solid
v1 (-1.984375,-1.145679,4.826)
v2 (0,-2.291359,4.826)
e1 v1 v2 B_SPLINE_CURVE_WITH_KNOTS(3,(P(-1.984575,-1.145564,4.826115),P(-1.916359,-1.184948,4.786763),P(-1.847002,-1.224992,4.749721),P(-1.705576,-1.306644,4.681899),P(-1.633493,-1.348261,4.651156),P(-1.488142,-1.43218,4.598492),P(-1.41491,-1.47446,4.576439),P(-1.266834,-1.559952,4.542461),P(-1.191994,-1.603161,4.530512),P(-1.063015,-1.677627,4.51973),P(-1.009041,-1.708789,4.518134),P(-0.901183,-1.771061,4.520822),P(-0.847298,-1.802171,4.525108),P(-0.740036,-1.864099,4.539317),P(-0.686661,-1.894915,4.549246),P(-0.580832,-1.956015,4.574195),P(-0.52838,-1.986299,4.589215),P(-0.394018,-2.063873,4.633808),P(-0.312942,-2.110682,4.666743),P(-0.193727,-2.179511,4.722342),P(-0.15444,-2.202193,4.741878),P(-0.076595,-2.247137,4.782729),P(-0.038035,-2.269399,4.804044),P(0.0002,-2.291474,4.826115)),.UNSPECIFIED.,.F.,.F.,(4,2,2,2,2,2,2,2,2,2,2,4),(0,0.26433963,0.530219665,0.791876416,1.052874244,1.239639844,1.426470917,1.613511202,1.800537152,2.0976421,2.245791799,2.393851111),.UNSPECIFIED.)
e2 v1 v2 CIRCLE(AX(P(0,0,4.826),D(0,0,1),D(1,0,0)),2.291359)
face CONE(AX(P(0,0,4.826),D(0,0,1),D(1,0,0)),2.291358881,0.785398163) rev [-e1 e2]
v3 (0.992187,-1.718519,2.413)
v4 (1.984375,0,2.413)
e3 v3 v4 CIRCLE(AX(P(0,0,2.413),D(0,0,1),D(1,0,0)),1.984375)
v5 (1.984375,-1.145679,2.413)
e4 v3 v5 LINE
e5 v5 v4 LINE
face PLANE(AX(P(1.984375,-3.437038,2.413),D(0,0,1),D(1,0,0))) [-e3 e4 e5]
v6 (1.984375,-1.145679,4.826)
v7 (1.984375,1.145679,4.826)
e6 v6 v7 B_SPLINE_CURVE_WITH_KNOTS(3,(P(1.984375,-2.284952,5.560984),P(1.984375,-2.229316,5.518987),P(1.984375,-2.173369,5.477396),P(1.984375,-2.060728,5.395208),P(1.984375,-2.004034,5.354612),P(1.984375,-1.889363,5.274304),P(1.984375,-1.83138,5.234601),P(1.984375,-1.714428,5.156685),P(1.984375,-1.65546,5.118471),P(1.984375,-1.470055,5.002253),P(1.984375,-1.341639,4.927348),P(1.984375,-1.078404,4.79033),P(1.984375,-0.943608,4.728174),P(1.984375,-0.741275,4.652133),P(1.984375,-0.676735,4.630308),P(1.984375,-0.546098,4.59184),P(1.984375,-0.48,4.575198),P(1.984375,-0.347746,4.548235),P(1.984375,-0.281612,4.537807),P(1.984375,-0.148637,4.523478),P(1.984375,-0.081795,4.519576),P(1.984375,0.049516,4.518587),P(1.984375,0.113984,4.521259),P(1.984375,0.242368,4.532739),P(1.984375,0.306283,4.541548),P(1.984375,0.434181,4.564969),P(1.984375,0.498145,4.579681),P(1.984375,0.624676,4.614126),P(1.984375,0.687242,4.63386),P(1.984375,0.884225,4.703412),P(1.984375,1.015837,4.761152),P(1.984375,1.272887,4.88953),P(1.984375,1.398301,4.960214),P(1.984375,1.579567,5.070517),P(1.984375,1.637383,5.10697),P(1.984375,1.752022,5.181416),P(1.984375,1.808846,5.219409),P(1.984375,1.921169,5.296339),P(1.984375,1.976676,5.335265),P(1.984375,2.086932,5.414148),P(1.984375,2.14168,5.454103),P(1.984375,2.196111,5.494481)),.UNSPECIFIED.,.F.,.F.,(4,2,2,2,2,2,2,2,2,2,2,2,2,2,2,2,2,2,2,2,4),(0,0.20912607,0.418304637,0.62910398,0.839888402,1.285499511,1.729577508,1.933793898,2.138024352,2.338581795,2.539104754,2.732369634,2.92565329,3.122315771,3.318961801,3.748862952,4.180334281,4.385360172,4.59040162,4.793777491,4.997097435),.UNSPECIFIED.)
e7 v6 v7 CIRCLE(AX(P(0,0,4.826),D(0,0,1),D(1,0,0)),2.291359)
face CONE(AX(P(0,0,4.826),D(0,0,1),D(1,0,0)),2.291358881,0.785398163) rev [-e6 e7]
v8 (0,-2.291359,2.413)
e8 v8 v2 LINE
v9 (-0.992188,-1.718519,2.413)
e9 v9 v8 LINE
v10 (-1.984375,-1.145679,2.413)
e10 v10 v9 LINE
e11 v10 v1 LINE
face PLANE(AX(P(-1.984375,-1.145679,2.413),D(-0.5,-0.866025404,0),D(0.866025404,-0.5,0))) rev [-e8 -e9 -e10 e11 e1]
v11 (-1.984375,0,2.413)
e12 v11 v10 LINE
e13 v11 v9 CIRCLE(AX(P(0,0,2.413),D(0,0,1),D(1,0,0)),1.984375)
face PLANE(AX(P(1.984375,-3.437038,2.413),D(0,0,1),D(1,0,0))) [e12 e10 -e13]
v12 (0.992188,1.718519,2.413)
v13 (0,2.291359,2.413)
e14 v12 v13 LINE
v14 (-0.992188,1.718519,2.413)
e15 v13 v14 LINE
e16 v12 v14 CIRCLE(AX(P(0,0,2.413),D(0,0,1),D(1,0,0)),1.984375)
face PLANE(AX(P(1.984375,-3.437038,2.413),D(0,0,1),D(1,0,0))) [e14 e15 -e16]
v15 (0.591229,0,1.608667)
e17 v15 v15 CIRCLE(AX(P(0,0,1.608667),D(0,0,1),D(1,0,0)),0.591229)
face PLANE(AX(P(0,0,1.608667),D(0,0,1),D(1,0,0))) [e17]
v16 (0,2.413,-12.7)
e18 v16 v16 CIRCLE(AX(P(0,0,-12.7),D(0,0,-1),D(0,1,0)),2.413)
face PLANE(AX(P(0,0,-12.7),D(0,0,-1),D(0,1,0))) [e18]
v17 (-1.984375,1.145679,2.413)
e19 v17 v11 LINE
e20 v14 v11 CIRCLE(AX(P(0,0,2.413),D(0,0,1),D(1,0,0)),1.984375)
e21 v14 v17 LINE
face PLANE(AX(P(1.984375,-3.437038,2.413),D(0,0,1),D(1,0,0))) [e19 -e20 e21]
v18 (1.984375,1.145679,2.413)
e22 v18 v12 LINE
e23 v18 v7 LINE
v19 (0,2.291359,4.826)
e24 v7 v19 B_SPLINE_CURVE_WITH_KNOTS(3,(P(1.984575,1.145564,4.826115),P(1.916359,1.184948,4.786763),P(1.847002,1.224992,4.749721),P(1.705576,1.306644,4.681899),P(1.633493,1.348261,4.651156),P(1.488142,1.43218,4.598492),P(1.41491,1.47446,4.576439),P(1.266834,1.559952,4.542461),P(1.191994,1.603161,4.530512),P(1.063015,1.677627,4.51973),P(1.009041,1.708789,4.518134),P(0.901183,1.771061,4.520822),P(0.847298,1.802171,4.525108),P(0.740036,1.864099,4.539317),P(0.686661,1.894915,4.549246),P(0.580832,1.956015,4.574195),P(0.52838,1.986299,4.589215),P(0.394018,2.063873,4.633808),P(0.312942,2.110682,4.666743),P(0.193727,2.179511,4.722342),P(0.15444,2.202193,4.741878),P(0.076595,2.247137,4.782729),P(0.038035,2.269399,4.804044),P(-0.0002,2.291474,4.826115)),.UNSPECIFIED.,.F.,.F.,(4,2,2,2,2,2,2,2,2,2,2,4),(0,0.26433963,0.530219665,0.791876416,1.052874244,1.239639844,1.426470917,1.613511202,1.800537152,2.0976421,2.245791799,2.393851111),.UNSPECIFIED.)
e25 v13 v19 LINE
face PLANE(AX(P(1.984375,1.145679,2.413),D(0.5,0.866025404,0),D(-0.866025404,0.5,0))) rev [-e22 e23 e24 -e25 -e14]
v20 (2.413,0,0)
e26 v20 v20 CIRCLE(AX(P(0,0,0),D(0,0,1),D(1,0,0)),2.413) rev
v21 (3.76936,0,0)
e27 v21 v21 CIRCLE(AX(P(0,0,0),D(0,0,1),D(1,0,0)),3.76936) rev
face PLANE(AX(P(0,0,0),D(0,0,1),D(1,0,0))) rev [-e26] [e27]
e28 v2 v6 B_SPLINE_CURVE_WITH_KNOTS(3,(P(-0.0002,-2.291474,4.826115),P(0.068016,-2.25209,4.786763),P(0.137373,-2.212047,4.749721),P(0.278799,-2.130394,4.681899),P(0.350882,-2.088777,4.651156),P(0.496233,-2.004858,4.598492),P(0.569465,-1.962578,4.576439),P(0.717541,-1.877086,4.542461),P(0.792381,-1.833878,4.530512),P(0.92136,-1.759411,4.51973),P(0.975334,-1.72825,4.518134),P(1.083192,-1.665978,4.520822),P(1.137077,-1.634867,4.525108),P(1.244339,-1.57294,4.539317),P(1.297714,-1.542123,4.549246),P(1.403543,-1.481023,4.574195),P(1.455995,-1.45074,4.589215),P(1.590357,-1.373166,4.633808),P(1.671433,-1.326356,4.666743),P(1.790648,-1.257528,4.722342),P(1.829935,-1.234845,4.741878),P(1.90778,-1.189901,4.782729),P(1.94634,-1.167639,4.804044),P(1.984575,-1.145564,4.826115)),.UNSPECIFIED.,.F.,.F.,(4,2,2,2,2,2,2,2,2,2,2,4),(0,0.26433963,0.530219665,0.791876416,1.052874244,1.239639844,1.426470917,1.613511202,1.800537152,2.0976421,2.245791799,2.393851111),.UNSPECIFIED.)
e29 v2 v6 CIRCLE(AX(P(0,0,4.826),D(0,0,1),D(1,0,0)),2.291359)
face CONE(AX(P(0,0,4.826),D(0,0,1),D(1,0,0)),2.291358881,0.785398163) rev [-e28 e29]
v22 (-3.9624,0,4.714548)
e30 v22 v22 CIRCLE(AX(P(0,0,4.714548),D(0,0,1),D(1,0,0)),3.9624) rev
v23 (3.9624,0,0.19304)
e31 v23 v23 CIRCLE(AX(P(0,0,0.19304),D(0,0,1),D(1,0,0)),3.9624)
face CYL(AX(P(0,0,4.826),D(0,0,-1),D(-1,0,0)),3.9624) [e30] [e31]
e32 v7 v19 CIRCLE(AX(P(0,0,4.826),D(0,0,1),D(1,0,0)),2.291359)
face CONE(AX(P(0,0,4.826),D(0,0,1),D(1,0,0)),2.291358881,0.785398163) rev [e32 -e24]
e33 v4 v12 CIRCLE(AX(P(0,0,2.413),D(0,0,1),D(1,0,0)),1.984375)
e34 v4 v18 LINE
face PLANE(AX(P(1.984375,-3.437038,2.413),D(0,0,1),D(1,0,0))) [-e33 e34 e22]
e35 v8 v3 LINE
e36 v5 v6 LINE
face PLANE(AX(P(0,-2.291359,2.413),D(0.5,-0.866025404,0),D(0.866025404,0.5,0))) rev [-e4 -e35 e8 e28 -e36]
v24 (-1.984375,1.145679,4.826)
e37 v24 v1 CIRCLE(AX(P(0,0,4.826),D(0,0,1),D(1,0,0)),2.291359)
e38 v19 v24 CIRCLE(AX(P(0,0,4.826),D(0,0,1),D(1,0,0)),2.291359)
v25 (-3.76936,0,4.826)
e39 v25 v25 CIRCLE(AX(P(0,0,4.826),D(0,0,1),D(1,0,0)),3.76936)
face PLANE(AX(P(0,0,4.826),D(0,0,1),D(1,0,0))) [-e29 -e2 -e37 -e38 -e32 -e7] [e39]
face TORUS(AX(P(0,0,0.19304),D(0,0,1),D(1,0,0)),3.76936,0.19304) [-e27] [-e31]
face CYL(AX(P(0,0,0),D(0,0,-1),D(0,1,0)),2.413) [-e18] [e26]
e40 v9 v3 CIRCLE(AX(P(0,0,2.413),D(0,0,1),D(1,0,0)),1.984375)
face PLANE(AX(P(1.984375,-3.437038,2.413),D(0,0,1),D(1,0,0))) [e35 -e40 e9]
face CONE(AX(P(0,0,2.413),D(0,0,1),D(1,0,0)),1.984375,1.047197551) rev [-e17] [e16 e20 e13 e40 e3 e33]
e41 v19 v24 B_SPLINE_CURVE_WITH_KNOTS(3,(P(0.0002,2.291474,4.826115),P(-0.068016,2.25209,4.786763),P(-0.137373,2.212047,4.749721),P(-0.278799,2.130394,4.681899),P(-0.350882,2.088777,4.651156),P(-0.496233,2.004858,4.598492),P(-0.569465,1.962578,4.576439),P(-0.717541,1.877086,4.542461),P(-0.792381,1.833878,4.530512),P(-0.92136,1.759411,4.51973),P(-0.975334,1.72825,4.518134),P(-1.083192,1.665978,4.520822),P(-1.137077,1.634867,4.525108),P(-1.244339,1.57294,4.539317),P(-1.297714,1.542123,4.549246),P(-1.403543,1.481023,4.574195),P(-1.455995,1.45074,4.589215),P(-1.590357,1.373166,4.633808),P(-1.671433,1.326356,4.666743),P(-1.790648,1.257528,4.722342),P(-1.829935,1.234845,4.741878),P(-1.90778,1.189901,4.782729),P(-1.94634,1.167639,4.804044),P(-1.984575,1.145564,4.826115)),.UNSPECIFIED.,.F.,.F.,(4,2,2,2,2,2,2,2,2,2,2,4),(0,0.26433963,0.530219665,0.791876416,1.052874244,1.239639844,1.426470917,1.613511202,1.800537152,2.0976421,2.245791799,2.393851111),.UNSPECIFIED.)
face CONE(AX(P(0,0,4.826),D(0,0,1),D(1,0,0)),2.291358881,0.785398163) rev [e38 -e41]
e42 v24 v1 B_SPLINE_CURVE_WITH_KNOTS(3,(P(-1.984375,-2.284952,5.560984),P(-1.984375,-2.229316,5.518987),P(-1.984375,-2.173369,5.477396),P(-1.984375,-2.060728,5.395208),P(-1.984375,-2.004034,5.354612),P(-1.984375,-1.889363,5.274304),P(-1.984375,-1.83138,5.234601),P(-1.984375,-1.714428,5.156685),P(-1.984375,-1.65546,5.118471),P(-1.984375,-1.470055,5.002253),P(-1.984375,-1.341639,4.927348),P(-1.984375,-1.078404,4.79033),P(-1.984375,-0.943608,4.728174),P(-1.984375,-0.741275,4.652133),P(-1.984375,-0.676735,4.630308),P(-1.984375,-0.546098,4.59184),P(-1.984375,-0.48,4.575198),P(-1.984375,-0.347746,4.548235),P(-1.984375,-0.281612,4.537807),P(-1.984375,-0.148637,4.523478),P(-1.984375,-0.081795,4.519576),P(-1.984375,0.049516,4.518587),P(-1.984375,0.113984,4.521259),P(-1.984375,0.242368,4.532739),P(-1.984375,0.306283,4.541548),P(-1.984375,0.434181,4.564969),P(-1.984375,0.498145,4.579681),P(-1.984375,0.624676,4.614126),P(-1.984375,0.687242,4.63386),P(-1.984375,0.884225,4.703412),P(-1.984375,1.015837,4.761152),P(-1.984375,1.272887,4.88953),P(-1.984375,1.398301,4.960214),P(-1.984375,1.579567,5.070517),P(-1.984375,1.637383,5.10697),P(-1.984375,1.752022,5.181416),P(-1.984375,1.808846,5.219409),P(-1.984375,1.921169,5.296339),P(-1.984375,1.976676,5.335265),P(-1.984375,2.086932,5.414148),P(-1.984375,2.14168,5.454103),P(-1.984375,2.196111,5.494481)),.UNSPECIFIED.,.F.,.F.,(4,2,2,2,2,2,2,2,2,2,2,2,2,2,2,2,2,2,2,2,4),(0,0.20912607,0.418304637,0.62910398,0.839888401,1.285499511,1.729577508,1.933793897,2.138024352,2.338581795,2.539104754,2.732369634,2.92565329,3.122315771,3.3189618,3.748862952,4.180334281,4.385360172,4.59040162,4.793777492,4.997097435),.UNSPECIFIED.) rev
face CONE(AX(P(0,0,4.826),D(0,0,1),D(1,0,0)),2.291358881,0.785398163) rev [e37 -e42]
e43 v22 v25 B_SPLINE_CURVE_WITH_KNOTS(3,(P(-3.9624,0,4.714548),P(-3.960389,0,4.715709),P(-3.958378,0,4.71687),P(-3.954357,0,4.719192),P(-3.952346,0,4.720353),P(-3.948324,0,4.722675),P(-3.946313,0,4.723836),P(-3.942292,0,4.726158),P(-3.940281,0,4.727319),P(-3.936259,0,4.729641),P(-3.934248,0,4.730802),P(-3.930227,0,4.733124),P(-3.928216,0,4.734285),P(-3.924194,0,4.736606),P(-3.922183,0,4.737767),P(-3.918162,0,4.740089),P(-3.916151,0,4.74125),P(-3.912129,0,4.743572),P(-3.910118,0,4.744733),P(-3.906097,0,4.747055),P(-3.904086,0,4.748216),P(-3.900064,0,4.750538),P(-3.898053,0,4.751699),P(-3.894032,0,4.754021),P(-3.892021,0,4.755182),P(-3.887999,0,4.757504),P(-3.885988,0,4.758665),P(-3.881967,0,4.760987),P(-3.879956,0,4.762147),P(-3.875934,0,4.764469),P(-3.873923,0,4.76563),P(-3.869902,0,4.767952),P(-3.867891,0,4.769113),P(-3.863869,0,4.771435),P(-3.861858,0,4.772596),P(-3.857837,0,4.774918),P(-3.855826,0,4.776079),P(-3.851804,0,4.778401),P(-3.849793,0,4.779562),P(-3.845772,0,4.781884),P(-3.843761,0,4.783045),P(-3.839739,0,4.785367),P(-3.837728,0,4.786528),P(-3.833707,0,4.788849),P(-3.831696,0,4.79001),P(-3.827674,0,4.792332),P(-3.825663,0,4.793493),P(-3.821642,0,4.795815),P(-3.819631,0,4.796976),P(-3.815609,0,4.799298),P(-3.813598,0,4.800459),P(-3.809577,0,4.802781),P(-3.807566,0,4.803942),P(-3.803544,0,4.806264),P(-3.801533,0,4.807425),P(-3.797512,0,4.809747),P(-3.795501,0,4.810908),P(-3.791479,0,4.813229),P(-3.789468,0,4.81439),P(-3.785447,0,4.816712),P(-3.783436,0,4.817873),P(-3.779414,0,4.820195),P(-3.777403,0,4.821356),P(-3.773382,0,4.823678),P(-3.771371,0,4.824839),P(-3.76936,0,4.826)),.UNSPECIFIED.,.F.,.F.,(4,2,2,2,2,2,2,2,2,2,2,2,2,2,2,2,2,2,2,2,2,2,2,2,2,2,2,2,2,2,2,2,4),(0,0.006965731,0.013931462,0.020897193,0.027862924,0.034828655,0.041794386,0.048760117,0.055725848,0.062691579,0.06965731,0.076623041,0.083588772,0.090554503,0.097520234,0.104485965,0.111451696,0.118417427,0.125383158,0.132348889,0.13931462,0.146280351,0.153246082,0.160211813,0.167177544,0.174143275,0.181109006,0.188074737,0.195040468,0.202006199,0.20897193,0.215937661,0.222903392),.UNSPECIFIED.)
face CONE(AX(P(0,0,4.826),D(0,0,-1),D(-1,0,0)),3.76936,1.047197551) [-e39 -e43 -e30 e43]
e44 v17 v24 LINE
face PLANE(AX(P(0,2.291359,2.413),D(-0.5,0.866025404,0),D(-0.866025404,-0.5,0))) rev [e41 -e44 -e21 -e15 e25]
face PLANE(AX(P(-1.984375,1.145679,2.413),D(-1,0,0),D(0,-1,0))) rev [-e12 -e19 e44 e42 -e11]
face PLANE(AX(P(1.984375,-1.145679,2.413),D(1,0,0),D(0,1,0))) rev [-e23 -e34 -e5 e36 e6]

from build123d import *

# Parameters (mm, degrees)
SKETCH1_W          = 12.7
SKETCH1_H          = 2.413
SKETCH4_R          = 3.9624
EXTRUDE1_DEPTH     = 4.826
FILLET1_R          = 0.19304
CHAMFER1_SIZE      = 0.19304
CHAMFER1_SIZE2     = 0.111451696
CUT_EXTRUDE1_DEPTH = 2.413
SKETCH8_R          = 1.984375
CUT_EXTRUDE5_DEPTH = 0.804333333
CUT_EXTRUDE5_DRAFT = -60


with BuildPart() as part:
    # Sketch1 → Revolve1 (revolve)
    with BuildSketch(Plane(origin=(0, 0, 0), x_dir=(0, 0, -1), z_dir=(1, 0, 0))):
        with Locations((6.35, 1.2065)):
            Rectangle(SKETCH1_W, SKETCH1_H)
    revolve(axis=Axis((0, 0, 0), (0, 0, 1)))

    # Sketch4 → Extrude1 (add)
    with BuildSketch(Plane.XY):
        Circle(SKETCH4_R)
    extrude(amount=EXTRUDE1_DEPTH)

    # Fillet1
    fillet1_edges = [part.edges().sort_by_distance(p)[0] for p in [
        (-3.9624, 0, 0),
    ]]
    fillet(fillet1_edges, radius=FILLET1_R)

    # Chamfer1
    chamfer1_edges = [part.edges().sort_by_distance(p)[0] for p in [
        (-3.9624, 0, 4.826),
    ]]
    chamfer1_side = [part.faces().sort_by_distance(p)[0] for p in [
        (0, 0, 4.826),
    ]]
    chamfer(chamfer1_edges, length=CHAMFER1_SIZE, length2=CHAMFER1_SIZE2, reference=chamfer1_side[0])

    # Sketch6 → Cut-Extrude1 (cut)
    with BuildSketch(Plane.XY.offset(4.826)):
        Polygon((0, -2.291358881), (1.984375, -1.14567944), (1.984375, 1.14567944), (0, 2.291358881), (-1.984375, 1.14567944), (-1.984375, -1.14567944), align=None)
    extrude(amount=-CUT_EXTRUDE1_DEPTH, mode=Mode.SUBTRACT)

    # Cut-Extrude4 cone 1 section (through the dimple's axis) → Cut-Extrude4 (revolve, cut)
    with BuildSketch(Plane(origin=(0, 0, 4.826), x_dir=(0, -1, 0), z_dir=(1, 0, 0))):
        Polygon((0, 0), (2.291358881, 0), (0, 2.291358881), align=None)
    revolve(axis=Axis((0, 0, 4.826), (0, 0, -1)), mode=Mode.SUBTRACT)


with BuildPart() as cut_extrude5_tool:
    # Sketch8 → Cut-Extrude5 (with draft: the straight prism first)
    with BuildSketch(Plane.XY.offset(2.413)):
        Circle(SKETCH8_R)
    extrude(amount=-CUT_EXTRUDE5_DEPTH)
    # Cut-Extrude5: the draft: its side faces are tilted about the plane it starts from
    cut_extrude5_sides = [cut_extrude5_tool.faces().sort_by_distance(p)[0] for p in [
        (-1.984375, 0, 2.010833333),
    ]]
    draft(cut_extrude5_sides, Plane.XY.offset(2.413), CUT_EXTRUDE5_DRAFT)


with BuildPart() as part_1:
    add(part.part)

    # Cut-Extrude5: cut by cut_extrude5_tool
    add(cut_extrude5_tool.part, mode=Mode.SUBTRACT)


solid = part_1.part
